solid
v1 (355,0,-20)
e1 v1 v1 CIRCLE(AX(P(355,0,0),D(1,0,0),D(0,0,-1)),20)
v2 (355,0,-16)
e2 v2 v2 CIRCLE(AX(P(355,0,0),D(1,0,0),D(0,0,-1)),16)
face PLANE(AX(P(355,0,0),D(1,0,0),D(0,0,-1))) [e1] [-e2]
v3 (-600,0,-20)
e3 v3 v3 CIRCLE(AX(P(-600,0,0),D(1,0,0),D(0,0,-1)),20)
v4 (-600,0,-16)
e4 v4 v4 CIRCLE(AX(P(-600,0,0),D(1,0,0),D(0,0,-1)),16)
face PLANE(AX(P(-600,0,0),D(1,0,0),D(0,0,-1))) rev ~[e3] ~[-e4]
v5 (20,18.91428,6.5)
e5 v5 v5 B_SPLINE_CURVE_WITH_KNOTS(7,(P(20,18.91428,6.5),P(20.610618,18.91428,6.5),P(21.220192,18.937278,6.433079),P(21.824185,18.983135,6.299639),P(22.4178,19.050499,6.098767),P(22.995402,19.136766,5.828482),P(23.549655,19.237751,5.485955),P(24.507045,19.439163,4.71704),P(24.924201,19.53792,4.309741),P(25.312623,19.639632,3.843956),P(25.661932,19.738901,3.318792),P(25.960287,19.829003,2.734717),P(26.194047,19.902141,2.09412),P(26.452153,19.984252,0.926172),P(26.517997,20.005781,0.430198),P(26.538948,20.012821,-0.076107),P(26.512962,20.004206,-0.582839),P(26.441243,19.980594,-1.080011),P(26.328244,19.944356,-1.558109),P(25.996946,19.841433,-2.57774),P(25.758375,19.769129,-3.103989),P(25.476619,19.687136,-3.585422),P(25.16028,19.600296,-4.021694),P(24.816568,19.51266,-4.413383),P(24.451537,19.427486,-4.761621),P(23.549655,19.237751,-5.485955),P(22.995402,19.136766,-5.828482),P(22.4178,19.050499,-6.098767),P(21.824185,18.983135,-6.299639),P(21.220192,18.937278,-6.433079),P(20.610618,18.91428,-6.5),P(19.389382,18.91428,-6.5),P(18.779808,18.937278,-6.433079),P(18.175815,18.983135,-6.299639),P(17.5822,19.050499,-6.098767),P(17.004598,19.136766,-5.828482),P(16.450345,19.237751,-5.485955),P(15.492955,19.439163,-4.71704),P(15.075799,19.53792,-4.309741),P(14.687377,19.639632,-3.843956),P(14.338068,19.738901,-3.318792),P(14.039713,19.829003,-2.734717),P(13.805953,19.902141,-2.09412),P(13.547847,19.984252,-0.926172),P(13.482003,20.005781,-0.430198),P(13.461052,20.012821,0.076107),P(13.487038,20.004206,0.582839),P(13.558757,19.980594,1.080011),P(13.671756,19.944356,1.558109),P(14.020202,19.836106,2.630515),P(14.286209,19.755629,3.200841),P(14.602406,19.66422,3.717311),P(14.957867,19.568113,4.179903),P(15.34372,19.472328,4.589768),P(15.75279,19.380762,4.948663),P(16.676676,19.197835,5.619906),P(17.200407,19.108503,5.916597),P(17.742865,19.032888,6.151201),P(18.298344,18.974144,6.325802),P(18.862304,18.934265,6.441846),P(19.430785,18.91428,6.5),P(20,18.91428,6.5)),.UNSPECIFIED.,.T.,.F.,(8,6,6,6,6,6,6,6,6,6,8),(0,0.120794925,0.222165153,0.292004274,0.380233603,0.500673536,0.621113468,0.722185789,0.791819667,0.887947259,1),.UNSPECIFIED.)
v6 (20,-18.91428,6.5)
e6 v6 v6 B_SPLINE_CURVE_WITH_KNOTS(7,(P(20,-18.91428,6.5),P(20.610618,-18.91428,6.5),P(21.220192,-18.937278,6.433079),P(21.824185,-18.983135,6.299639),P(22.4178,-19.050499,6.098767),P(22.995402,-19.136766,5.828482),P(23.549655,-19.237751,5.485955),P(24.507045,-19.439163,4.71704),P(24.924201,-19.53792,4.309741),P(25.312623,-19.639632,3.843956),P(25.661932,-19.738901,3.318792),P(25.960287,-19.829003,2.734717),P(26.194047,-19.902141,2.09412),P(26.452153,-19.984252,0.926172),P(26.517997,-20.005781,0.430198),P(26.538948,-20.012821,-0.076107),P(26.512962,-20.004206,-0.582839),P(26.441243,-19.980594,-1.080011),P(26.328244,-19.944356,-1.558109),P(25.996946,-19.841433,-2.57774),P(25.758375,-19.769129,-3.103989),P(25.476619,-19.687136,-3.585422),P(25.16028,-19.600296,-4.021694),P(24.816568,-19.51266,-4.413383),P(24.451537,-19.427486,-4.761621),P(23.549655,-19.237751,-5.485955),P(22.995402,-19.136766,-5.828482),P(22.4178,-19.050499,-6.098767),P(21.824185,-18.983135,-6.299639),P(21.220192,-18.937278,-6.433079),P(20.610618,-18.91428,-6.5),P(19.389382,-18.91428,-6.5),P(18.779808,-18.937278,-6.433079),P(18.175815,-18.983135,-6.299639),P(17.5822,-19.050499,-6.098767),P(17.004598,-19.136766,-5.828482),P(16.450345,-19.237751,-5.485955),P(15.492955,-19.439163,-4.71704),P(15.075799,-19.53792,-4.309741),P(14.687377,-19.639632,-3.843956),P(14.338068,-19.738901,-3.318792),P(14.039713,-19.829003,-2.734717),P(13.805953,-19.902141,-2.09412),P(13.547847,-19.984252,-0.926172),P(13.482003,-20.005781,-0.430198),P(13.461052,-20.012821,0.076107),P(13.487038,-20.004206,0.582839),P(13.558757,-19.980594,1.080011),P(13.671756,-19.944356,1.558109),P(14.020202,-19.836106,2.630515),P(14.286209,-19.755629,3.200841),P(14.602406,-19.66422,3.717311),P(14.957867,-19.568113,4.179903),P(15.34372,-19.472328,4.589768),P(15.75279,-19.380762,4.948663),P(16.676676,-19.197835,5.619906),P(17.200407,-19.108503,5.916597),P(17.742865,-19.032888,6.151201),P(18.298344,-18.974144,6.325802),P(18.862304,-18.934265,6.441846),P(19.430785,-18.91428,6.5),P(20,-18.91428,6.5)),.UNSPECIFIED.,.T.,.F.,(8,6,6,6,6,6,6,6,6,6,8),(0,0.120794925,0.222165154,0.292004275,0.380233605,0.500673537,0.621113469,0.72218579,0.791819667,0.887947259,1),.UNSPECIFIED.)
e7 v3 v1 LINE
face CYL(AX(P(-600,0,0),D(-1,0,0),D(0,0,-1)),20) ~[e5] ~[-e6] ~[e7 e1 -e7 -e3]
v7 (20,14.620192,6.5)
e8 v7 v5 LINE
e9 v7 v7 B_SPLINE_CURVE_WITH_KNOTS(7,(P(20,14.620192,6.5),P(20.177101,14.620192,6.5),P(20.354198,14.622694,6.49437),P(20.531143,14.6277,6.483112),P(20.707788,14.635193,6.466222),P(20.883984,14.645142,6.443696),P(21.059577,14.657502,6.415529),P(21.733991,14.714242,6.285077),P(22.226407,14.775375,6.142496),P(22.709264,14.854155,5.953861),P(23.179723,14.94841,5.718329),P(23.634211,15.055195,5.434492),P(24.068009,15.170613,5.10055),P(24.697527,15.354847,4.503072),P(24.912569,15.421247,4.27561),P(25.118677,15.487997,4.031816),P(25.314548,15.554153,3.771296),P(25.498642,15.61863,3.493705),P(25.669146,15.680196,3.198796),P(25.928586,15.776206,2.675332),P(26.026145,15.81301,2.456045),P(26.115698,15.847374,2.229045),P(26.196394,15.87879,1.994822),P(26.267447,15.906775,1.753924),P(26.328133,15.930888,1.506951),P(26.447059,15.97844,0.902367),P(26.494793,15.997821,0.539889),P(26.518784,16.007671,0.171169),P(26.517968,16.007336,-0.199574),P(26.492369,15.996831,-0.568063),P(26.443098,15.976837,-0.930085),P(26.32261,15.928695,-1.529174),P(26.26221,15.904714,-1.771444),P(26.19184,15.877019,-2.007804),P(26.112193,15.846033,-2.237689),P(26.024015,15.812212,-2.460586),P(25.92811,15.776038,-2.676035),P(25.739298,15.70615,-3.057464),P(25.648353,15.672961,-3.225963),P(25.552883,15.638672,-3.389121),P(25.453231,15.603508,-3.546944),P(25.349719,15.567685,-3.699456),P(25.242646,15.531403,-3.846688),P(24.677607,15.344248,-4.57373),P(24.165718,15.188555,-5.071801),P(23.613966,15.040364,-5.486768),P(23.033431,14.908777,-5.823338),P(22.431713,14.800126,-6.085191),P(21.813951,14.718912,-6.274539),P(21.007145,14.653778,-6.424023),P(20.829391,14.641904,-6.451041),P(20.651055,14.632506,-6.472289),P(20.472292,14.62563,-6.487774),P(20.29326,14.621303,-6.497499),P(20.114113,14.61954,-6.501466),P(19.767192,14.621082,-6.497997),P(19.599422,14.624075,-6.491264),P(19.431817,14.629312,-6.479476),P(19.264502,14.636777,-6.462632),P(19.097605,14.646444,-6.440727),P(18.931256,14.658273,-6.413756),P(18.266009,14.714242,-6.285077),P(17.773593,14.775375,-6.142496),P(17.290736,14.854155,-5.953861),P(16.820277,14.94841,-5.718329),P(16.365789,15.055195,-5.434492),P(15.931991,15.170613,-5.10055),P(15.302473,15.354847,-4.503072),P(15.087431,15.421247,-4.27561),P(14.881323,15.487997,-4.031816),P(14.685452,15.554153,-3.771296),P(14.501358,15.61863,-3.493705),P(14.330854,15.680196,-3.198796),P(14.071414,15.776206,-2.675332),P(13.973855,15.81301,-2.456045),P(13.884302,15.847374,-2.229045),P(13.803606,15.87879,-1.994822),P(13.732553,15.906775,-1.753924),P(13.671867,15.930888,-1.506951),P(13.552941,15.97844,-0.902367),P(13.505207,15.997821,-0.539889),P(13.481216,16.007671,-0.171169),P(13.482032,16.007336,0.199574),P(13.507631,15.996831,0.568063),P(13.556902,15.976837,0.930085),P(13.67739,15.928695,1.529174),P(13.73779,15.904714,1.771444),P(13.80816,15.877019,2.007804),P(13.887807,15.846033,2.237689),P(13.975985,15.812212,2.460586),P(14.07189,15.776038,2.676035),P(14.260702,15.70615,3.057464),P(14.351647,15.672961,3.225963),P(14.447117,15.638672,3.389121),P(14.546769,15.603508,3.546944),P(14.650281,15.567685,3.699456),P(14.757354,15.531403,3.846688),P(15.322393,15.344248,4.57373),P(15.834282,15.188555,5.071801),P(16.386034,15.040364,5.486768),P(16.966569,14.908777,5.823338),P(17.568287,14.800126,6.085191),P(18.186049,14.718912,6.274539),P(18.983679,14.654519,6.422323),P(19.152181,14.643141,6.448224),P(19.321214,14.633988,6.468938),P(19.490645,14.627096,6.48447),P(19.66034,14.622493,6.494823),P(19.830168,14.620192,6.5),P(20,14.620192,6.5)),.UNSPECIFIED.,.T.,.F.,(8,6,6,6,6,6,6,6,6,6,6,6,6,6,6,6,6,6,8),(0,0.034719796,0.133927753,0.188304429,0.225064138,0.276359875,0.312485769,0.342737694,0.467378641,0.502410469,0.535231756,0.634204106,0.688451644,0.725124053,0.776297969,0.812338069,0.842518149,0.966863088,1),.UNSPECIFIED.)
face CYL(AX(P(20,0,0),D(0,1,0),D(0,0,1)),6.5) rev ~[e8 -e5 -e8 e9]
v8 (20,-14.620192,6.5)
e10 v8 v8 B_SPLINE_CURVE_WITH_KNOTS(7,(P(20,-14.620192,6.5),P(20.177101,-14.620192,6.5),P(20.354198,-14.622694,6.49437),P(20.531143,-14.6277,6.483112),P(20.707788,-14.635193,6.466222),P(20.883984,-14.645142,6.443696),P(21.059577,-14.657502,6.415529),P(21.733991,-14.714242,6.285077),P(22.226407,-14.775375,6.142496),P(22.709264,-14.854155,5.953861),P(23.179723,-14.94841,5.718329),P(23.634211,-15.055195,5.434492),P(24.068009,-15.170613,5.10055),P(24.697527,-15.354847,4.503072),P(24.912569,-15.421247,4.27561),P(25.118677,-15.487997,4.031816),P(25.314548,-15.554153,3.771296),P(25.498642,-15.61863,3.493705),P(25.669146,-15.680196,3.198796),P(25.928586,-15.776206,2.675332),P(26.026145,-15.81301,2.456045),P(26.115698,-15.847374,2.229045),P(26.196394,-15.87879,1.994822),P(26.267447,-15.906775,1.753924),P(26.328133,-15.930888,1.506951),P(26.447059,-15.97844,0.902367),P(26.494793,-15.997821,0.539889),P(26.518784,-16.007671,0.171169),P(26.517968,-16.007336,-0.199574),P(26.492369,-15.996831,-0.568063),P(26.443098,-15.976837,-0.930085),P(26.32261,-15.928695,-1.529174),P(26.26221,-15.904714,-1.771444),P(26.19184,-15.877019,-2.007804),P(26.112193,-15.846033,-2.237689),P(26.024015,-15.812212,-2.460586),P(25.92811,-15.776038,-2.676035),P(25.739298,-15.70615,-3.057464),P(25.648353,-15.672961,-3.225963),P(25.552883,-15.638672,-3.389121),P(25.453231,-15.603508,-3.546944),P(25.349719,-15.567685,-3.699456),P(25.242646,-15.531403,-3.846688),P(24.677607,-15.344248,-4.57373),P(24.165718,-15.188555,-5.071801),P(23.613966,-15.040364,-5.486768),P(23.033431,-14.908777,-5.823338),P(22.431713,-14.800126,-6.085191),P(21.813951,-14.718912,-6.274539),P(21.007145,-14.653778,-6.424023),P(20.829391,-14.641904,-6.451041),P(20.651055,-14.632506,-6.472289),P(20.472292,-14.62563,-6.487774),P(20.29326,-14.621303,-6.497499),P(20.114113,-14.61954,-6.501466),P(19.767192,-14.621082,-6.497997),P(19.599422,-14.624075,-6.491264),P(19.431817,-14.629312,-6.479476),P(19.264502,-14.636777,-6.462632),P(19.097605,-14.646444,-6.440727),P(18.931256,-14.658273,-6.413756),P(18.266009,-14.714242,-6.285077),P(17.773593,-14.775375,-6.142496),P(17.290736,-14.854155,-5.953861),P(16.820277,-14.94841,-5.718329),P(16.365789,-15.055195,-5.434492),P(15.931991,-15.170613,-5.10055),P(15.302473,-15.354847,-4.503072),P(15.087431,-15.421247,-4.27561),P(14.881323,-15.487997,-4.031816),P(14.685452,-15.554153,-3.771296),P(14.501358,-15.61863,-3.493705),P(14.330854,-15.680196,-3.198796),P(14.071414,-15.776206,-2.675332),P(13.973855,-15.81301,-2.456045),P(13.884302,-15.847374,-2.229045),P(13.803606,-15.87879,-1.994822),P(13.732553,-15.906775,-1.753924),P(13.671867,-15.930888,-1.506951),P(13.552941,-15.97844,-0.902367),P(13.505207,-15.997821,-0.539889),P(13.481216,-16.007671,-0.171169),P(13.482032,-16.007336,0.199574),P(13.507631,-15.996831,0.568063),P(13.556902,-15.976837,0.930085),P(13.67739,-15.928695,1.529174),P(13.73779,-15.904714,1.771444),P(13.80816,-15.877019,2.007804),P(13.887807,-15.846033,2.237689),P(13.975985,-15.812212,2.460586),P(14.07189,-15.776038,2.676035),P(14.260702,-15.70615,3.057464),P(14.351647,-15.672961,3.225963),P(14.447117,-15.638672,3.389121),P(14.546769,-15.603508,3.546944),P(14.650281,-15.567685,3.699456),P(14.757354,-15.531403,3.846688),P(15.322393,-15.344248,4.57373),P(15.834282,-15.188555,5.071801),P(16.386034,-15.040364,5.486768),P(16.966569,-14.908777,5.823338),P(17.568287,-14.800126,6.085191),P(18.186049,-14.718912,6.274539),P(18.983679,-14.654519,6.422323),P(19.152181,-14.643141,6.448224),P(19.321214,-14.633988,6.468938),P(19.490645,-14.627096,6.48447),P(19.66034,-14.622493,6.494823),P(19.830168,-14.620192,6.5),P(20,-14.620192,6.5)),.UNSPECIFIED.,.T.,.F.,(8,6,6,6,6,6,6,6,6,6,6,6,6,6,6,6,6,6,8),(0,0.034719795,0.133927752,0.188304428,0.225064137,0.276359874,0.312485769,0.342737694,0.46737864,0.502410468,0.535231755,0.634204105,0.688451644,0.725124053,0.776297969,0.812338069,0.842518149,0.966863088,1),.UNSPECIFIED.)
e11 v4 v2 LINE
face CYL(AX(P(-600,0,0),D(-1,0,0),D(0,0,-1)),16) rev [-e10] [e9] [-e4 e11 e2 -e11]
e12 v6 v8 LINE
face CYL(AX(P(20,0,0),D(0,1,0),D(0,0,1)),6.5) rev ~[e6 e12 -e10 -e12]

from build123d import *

# Parameters (mm, degrees)
BOSS_EXTRUDE1_DEPTH      = 355
BOSS_EXTRUDE1_DEPTH_BACK = 600
SKETCH1_R                = 20
SKETCH1_R_2              = 16
SKETCH2_R                = 6.5
CUT_EXTRUDE1_DEPTH       = 28.5


with BuildPart() as part:
    # Sketch1 → Boss-Extrude1 (new, two sides: drawn at the far end of the back side and taken through both)
    with BuildSketch(Plane(origin=(0, 0, 0), x_dir=(0, 0, -1), z_dir=(1, 0, 0)).offset(-BOSS_EXTRUDE1_DEPTH_BACK)):
        Circle(SKETCH1_R)
        Circle(SKETCH1_R_2, mode=Mode.SUBTRACT)
    extrude(amount=BOSS_EXTRUDE1_DEPTH + BOSS_EXTRUDE1_DEPTH_BACK)

    # Sketch2 → Cut-Extrude1 (cut, symmetric)
    with BuildSketch(Plane(origin=(0, 0, 0), x_dir=(1, 0, 0), z_dir=(0, 1, 0))):
        with Locations(Location((20, 0, 0), (0, 0, 270))):
            Circle(SKETCH2_R)
    extrude(amount=CUT_EXTRUDE1_DEPTH, both=True, mode=Mode.SUBTRACT)


solid = part.part
